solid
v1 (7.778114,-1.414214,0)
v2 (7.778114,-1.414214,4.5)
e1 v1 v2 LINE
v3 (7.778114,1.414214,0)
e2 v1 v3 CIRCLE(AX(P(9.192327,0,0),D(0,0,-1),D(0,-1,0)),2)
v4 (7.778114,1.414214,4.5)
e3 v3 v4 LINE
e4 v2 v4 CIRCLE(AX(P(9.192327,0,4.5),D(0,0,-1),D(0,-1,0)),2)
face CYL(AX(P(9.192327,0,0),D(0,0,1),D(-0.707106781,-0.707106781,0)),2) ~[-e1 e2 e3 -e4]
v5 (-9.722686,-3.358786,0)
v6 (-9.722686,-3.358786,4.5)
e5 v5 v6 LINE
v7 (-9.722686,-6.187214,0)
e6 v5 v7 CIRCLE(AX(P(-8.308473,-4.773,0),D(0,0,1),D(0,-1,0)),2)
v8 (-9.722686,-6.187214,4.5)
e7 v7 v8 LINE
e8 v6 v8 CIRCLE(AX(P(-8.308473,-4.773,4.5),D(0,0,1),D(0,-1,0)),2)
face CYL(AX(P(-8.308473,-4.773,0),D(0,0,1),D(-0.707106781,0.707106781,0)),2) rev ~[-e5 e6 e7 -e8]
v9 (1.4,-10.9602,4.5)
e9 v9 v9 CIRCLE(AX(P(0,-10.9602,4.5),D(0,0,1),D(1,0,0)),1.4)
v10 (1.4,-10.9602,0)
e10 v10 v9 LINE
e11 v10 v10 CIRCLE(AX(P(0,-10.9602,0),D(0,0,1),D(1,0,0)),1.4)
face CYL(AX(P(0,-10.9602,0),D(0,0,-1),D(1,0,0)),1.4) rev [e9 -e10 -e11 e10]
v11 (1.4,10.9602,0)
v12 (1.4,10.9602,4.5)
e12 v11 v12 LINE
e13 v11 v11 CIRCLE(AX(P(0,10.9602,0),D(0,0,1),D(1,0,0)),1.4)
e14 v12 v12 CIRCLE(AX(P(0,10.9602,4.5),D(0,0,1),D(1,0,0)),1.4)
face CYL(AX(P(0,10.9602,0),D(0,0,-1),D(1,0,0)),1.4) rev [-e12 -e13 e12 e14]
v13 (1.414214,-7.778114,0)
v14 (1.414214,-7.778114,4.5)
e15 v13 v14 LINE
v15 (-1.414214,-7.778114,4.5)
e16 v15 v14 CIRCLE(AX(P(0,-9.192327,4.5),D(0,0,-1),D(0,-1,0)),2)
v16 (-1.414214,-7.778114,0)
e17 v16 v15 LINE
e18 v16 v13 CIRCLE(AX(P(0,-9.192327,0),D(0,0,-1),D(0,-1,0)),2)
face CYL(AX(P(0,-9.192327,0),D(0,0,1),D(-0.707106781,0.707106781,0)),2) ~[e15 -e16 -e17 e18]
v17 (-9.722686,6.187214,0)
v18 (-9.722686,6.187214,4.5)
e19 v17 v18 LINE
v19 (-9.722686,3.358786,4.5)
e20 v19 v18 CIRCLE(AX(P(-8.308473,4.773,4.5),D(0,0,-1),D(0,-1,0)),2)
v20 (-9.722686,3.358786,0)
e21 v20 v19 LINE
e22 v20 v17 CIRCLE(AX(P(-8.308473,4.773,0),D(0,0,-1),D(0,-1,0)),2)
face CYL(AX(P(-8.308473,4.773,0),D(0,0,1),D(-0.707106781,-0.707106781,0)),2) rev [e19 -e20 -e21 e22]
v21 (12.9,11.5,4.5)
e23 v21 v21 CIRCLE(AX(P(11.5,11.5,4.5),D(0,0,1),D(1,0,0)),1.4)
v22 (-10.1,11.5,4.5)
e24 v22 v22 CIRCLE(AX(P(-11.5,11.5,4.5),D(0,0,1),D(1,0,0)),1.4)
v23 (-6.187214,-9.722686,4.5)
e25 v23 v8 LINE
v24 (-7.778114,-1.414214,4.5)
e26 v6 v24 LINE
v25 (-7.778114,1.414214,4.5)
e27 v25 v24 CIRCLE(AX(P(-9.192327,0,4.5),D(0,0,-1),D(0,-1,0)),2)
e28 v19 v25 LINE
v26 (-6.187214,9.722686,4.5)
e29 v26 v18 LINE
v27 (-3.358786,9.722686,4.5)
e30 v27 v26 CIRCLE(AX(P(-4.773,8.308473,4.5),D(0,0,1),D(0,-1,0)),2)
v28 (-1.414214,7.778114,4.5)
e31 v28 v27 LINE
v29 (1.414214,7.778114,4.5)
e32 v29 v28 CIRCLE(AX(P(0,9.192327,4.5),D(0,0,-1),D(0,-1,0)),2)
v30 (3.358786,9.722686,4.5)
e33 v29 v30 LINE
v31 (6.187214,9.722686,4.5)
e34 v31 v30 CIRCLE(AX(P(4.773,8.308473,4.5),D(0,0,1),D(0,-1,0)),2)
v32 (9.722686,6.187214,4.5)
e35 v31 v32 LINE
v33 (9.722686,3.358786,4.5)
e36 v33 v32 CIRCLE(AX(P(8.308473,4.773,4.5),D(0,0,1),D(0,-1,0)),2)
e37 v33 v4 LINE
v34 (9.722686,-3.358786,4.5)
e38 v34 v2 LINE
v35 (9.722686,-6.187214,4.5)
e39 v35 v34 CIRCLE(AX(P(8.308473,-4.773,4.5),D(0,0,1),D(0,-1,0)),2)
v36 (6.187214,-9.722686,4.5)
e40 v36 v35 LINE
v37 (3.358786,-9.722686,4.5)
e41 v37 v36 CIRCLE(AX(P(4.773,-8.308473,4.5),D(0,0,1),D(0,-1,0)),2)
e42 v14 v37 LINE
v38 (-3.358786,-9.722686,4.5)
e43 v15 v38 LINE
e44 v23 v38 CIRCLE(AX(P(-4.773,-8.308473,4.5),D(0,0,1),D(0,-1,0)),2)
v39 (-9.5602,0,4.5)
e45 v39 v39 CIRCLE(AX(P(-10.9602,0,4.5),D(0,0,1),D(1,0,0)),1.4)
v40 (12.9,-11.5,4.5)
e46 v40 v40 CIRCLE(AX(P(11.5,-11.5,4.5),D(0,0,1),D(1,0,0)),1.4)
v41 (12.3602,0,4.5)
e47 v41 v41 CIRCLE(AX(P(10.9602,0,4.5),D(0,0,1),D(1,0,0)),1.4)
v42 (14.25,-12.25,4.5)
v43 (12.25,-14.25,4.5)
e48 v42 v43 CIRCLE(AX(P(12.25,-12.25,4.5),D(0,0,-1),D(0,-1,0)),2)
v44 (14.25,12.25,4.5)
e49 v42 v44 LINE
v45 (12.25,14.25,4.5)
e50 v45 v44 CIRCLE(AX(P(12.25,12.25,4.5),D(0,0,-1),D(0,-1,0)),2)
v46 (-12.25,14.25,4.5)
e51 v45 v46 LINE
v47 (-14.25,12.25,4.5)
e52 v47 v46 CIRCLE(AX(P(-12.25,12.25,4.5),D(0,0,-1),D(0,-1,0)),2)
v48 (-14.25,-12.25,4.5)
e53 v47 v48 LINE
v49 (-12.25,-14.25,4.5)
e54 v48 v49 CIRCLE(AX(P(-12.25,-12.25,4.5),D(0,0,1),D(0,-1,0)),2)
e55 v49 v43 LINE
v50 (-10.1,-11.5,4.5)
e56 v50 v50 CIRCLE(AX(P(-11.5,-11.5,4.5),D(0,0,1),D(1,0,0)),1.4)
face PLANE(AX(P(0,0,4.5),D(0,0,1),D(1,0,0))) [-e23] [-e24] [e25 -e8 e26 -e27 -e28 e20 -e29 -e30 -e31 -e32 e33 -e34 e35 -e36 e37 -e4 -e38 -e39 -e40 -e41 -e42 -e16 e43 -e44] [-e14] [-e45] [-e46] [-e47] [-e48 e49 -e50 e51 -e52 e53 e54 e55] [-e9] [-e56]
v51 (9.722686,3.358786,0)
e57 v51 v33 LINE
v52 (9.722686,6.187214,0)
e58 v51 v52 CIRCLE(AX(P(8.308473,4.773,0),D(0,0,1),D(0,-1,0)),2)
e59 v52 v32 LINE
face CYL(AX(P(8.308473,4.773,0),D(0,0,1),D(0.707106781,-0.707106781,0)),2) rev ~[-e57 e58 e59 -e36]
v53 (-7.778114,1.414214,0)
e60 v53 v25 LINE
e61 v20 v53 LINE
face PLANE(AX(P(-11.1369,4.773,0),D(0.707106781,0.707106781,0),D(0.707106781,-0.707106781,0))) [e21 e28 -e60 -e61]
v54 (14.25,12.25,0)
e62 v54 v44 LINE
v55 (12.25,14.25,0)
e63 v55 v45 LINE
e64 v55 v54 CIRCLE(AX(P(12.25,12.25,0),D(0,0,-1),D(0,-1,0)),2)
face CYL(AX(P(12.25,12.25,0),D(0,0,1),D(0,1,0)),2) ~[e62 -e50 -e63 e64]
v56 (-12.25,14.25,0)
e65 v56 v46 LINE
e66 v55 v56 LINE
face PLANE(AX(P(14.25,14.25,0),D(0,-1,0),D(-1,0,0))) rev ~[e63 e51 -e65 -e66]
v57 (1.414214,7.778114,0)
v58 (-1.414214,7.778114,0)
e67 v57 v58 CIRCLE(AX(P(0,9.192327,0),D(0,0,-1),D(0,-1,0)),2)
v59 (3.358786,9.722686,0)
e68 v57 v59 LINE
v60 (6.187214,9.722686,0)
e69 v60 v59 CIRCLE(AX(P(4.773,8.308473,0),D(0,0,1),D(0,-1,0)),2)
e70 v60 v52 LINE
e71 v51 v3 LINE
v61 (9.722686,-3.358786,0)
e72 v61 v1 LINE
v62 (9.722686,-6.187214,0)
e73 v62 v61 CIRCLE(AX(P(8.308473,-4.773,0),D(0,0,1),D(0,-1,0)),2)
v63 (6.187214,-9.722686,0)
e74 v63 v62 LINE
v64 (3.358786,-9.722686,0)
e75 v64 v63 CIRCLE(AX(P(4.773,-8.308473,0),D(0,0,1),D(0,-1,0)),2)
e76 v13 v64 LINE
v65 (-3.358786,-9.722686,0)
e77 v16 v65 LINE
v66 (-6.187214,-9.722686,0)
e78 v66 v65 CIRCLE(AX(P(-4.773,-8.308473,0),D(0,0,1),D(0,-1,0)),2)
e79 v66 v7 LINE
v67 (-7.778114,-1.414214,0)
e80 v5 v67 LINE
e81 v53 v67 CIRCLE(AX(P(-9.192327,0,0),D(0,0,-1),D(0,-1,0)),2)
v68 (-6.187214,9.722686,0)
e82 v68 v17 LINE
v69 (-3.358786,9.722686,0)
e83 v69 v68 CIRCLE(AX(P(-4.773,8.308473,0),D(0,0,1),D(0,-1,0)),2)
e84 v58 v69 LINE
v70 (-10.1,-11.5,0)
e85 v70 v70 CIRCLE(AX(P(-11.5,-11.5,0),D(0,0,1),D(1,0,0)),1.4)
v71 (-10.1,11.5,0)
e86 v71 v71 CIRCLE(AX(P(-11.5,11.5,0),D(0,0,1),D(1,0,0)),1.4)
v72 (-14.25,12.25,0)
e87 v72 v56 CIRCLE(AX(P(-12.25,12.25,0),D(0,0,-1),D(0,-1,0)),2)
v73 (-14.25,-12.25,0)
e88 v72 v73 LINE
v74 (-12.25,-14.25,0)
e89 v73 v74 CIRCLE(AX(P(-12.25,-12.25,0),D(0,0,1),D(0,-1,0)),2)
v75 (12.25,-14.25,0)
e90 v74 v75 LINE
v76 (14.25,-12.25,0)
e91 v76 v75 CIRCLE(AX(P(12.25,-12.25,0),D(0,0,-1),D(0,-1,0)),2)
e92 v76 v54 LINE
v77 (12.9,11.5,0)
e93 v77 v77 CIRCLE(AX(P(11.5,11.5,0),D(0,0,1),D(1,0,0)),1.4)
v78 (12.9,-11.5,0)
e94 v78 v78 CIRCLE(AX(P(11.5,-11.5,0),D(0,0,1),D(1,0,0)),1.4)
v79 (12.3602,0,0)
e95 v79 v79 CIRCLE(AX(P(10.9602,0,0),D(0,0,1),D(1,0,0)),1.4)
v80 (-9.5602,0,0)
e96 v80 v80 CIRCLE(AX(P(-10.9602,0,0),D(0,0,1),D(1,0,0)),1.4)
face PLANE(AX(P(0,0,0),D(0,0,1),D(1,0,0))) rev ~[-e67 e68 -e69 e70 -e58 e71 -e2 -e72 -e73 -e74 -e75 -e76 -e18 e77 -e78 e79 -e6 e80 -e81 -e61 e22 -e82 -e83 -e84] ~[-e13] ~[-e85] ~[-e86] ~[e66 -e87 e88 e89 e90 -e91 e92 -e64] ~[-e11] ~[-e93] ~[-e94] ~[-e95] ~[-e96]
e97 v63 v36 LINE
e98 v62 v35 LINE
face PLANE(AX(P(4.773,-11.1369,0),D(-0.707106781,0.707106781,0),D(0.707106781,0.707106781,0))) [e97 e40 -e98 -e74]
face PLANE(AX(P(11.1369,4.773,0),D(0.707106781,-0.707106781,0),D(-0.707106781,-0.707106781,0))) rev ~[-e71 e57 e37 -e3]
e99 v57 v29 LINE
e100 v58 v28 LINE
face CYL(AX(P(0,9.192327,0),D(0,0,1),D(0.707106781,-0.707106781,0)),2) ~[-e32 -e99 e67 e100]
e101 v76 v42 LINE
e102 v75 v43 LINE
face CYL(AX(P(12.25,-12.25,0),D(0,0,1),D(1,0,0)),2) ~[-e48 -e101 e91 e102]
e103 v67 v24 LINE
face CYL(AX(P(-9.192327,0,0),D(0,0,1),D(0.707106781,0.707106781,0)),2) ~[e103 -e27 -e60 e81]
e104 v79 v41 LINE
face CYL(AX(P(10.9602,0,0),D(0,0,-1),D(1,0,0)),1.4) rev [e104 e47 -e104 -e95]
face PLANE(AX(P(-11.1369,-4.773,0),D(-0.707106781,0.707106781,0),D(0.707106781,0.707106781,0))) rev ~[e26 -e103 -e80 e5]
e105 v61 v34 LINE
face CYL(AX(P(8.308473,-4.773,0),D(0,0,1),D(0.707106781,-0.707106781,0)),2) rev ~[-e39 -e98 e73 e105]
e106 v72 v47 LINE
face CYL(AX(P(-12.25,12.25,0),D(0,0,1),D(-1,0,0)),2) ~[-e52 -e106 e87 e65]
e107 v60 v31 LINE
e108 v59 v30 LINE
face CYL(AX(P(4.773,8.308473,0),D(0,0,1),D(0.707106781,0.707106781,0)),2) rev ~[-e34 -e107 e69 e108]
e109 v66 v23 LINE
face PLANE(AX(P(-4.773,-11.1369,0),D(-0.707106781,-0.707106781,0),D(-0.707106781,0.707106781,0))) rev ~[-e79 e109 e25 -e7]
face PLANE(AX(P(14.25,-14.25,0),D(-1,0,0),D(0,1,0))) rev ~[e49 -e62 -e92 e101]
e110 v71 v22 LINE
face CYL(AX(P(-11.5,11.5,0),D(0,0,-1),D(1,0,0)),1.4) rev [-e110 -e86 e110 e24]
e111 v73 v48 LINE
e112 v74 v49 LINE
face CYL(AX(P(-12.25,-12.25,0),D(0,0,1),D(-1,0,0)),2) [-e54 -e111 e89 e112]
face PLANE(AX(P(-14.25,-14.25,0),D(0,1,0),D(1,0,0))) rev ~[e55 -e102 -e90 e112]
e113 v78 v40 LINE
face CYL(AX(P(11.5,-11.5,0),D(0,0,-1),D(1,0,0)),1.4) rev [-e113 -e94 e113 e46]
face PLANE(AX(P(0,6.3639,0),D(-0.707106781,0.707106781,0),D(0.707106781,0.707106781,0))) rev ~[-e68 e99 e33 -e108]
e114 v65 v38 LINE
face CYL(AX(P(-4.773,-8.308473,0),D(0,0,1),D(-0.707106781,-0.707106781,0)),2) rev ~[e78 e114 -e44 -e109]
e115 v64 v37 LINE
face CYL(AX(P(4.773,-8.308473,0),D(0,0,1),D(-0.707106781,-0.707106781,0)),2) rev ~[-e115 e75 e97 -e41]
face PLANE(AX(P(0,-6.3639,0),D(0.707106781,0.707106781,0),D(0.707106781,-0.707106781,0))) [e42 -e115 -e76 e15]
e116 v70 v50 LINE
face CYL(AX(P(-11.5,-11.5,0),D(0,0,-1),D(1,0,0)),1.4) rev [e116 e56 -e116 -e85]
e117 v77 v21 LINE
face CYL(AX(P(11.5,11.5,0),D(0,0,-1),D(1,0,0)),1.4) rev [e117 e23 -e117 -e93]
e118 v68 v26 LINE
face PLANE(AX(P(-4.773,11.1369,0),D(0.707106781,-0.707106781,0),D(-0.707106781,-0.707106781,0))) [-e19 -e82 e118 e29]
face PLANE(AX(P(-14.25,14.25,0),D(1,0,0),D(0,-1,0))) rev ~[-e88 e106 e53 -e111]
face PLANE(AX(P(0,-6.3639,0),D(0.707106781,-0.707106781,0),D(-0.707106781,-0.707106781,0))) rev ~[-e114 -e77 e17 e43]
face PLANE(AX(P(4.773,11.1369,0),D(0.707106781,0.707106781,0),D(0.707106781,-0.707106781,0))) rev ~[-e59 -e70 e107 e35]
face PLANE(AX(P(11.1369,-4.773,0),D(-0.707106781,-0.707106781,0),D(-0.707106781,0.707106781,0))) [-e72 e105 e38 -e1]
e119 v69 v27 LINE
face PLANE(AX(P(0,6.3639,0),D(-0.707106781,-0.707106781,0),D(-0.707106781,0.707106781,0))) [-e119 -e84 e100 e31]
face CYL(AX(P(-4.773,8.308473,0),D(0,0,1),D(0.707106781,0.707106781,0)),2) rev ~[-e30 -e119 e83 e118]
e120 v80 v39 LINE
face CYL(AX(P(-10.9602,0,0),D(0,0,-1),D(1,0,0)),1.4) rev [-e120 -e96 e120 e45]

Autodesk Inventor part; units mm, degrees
ref_plane "YZ Plane" through (0, 0, 0) normal (1, 0, 0) x (0, 1, 0)
ref_plane "XZ Plane" through (0, 0, 0) normal (0, 1, 0) x (-1, 0, 0)
ref_plane "XY Plane" through (0, 0, 0) normal (0, 0, 1) x (1, 0, 0)
sketch "Skizze5" plane through (0, 0, 0) normal (0, 0, 1) x (1, 0, 0)
  line L0 (-8.1928, -13.75) -> (8.1928, -13.75) projected
  arc A0 (13.75, -8.1928) -> (8.1928, -13.75) centre (11.5, -11.5) ccw projected
  line L1 (13.75, -8.1928) -> (13.75, 8.1928) projected
  arc A1 (8.1928, 13.75) -> (13.75, 8.1928) centre (11.5, 11.5) ccw projected
  line L2 (8.1928, 13.75) -> (-8.1928, 13.75) projected
  arc A2 (-13.75, 8.1928) -> (-8.1928, 13.75) centre (-11.5, 11.5) ccw projected
  line L3 (-13.75, 8.1928) -> (-13.75, -8.1928) projected
  arc A3 (-8.1928, -13.75) -> (-13.75, -8.1928) centre (-11.5, -11.5) ccw projected
  circle A4 centre (0, 0) radius 4 projected
  circle A5 centre (0, 0) radius 2.2643 construction
  circle A6 centre (0, 10.9602) radius 2 construction
  circle A7 centre (0, -10.9602) radius 2 construction
  circle A8 centre (10.9602, 0) radius 2 construction
  circle A9 centre (-10.9602, 0) radius 2 construction
  line L4 (13.0815, -2.8284) -> (2.8284, -13.0815) construction
  arc A10 (13.0815, -2.8284) -> (13.0815, 2.8284) centre (10.253, 0) ccw construction
  line L5 (2.8284, 13.0815) -> (13.0815, 2.8284) construction
  arc A11 (2.8284, 13.0815) -> (-2.8284, 13.0815) centre (0, 10.253) ccw construction
  line L6 (-13.0815, 2.8284) -> (-2.8284, 13.0815) construction
  arc A12 (-13.0815, 2.8284) -> (-13.0815, -2.8284) centre (-10.253, 0) ccw construction
  line L7 (-2.8284, -13.0815) -> (-13.0815, -2.8284) construction
  arc A13 (-2.8284, -13.0815) -> (2.8284, -13.0815) centre (0, -10.253) ccw construction
  arc A14 (14.25, 12.25) -> (12.25, 14.25) centre (12.25, 12.25) ccw construction
  arc A15 (-14.25, -12.25) -> (-12.25, -14.25) centre (-12.25, -12.25) ccw construction
  line L8 (-14.25, -14.25) -> (14.25, -14.25)
  line L9 (14.25, -14.25) -> (14.25, 14.25)
  line L10 (14.25, 14.25) -> (-14.25, 14.25)
  line L11 (-14.25, 14.25) -> (-14.25, -14.25)
  line L12 (-14.25, -14.25) -> (14.25, 14.25) construction
  line L13 (14.25, -14.25) -> (-14.25, 14.25) construction
  circle A16 centre (10.9602, 0) radius 1.4
  circle A17 centre (0, 10.9602) radius 1.4
  circle A18 centre (0, -10.9602) radius 1.4
  circle A19 centre (-10.9602, 0) radius 1.4
  line L14 (-11.1369, 4.773) -> (4.773, -11.1369)
  line L15 (4.773, -11.1369) -> (11.1369, -4.773)
  line L16 (11.1369, -4.773) -> (-4.773, 11.1369)
  line L17 (-4.773, 11.1369) -> (-11.1369, 4.773)
  line L18 (-11.1369, 4.773) -> (11.1369, -4.773) construction
  line L19 (4.773, -11.1369) -> (-4.773, 11.1369) construction
  line L20 (11.1369, 4.773) -> (-4.773, -11.1369)
  line L21 (-4.773, -11.1369) -> (-11.1369, -4.773)
  line L22 (-11.1369, -4.773) -> (4.773, 11.1369)
  line L23 (4.773, 11.1369) -> (11.1369, 4.773)
  line L24 (11.1369, 4.773) -> (-11.1369, -4.773) construction
  line L25 (-4.773, -11.1369) -> (4.773, 11.1369) construction
  circle A20 centre (11.5, 11.5) radius 1.4 projected
  circle A21 centre (11.5, -11.5) radius 1.4 projected
  circle A22 centre (-11.5, -11.5) radius 1.4 projected
  circle A23 centre (-11.5, 11.5) radius 1.4 projected
  point P0 (0, 0)
  point P1 (0, -6.364)
  point P2 (-6.364, 0)
  point P3 (0, 6.364)
  point P4 (6.364, 0)
  dimension "d13" = 2.8
  dimension "d14" = 2.8
  dimension "d15" = 2.8
  dimension "d16" = 2.8
  dimension "d17" = 9
  dimension "d18" = 9
extrude "Extrusion4" add sketch "Skizze5" along normal blind 4.5 contours A3 L3 A2 L2 A1 L1 A0 L0 | L11 L10 L9 L8
fillet "Rundung2" radius 2 16 edges at (14.25, 14.25, 2.25) (14.25, -14.25, 2.25) (-14.25, -14.25, 2.25) (-14.25, 14.25, 2.25) (0, 6.364, 2.25) (4.773, 11.1369, 2.25) (-4.773, 11.1369, 2.25) (-11.1369, 4.773, 2.25) (-6.364, 0, 2.25) (-11.1369, -4.773, 2.25) (-4.773, -11.1369, 2.25) (0, -6.364, 2.25) (4.773, -11.1369, 2.25) (11.1369, -4.773, 2.25) (6.364, 0, 2.25) (11.1369, 4.773, 2.25)
sketch "Skizze6" plane through (0, 0, 0) normal (0, 0, -1) x (-1, 0, 0)
  line L0 (-14.25, -12.25) -> (-14.25, -8.1928) projected
  arc A0 (-14.25, -8.1928) -> (-13.4687, -8.6062) centre (-13.75, -8.1928) ccw projected
  arc A1 (-8.6062, -13.4688) -> (-13.4687, -8.6062) centre (-11.5, -11.5) ccw projected
  arc A2 (-8.6062, -13.4688) -> (-8.1928, -14.25) centre (-8.1928, -13.75) ccw projected
  line L1 (-8.1928, -14.25) -> (-12.25, -14.25) projected
  arc A3 (-14.25, -12.25) -> (-12.25, -14.25) centre (-12.25, -12.25) ccw projected
  circle A4 centre (-11.5, -11.5) radius 1.4 projected
  line L2 (8.1928, 14.25) -> (12.25, 14.25) projected
  arc A5 (14.25, 12.25) -> (12.25, 14.25) centre (12.25, 12.25) ccw projected
  line L3 (14.25, 12.25) -> (14.25, 8.1928) projected
  arc A6 (14.25, 8.1928) -> (13.4688, 8.6062) centre (13.75, 8.1928) ccw projected
  arc A7 (8.6062, 13.4688) -> (13.4688, 8.6062) centre (11.5, 11.5) ccw projected
  arc A8 (8.6062, 13.4688) -> (8.1928, 14.25) centre (8.1928, 13.75) ccw projected
  circle A9 centre (11.5, 11.5) radius 1.4 projected
  point P0 (0, 0)
extrude "Extrusion5" [suppressed]
properties part number "30_Adapter_AS5600_rotational_enocder_nema12"
